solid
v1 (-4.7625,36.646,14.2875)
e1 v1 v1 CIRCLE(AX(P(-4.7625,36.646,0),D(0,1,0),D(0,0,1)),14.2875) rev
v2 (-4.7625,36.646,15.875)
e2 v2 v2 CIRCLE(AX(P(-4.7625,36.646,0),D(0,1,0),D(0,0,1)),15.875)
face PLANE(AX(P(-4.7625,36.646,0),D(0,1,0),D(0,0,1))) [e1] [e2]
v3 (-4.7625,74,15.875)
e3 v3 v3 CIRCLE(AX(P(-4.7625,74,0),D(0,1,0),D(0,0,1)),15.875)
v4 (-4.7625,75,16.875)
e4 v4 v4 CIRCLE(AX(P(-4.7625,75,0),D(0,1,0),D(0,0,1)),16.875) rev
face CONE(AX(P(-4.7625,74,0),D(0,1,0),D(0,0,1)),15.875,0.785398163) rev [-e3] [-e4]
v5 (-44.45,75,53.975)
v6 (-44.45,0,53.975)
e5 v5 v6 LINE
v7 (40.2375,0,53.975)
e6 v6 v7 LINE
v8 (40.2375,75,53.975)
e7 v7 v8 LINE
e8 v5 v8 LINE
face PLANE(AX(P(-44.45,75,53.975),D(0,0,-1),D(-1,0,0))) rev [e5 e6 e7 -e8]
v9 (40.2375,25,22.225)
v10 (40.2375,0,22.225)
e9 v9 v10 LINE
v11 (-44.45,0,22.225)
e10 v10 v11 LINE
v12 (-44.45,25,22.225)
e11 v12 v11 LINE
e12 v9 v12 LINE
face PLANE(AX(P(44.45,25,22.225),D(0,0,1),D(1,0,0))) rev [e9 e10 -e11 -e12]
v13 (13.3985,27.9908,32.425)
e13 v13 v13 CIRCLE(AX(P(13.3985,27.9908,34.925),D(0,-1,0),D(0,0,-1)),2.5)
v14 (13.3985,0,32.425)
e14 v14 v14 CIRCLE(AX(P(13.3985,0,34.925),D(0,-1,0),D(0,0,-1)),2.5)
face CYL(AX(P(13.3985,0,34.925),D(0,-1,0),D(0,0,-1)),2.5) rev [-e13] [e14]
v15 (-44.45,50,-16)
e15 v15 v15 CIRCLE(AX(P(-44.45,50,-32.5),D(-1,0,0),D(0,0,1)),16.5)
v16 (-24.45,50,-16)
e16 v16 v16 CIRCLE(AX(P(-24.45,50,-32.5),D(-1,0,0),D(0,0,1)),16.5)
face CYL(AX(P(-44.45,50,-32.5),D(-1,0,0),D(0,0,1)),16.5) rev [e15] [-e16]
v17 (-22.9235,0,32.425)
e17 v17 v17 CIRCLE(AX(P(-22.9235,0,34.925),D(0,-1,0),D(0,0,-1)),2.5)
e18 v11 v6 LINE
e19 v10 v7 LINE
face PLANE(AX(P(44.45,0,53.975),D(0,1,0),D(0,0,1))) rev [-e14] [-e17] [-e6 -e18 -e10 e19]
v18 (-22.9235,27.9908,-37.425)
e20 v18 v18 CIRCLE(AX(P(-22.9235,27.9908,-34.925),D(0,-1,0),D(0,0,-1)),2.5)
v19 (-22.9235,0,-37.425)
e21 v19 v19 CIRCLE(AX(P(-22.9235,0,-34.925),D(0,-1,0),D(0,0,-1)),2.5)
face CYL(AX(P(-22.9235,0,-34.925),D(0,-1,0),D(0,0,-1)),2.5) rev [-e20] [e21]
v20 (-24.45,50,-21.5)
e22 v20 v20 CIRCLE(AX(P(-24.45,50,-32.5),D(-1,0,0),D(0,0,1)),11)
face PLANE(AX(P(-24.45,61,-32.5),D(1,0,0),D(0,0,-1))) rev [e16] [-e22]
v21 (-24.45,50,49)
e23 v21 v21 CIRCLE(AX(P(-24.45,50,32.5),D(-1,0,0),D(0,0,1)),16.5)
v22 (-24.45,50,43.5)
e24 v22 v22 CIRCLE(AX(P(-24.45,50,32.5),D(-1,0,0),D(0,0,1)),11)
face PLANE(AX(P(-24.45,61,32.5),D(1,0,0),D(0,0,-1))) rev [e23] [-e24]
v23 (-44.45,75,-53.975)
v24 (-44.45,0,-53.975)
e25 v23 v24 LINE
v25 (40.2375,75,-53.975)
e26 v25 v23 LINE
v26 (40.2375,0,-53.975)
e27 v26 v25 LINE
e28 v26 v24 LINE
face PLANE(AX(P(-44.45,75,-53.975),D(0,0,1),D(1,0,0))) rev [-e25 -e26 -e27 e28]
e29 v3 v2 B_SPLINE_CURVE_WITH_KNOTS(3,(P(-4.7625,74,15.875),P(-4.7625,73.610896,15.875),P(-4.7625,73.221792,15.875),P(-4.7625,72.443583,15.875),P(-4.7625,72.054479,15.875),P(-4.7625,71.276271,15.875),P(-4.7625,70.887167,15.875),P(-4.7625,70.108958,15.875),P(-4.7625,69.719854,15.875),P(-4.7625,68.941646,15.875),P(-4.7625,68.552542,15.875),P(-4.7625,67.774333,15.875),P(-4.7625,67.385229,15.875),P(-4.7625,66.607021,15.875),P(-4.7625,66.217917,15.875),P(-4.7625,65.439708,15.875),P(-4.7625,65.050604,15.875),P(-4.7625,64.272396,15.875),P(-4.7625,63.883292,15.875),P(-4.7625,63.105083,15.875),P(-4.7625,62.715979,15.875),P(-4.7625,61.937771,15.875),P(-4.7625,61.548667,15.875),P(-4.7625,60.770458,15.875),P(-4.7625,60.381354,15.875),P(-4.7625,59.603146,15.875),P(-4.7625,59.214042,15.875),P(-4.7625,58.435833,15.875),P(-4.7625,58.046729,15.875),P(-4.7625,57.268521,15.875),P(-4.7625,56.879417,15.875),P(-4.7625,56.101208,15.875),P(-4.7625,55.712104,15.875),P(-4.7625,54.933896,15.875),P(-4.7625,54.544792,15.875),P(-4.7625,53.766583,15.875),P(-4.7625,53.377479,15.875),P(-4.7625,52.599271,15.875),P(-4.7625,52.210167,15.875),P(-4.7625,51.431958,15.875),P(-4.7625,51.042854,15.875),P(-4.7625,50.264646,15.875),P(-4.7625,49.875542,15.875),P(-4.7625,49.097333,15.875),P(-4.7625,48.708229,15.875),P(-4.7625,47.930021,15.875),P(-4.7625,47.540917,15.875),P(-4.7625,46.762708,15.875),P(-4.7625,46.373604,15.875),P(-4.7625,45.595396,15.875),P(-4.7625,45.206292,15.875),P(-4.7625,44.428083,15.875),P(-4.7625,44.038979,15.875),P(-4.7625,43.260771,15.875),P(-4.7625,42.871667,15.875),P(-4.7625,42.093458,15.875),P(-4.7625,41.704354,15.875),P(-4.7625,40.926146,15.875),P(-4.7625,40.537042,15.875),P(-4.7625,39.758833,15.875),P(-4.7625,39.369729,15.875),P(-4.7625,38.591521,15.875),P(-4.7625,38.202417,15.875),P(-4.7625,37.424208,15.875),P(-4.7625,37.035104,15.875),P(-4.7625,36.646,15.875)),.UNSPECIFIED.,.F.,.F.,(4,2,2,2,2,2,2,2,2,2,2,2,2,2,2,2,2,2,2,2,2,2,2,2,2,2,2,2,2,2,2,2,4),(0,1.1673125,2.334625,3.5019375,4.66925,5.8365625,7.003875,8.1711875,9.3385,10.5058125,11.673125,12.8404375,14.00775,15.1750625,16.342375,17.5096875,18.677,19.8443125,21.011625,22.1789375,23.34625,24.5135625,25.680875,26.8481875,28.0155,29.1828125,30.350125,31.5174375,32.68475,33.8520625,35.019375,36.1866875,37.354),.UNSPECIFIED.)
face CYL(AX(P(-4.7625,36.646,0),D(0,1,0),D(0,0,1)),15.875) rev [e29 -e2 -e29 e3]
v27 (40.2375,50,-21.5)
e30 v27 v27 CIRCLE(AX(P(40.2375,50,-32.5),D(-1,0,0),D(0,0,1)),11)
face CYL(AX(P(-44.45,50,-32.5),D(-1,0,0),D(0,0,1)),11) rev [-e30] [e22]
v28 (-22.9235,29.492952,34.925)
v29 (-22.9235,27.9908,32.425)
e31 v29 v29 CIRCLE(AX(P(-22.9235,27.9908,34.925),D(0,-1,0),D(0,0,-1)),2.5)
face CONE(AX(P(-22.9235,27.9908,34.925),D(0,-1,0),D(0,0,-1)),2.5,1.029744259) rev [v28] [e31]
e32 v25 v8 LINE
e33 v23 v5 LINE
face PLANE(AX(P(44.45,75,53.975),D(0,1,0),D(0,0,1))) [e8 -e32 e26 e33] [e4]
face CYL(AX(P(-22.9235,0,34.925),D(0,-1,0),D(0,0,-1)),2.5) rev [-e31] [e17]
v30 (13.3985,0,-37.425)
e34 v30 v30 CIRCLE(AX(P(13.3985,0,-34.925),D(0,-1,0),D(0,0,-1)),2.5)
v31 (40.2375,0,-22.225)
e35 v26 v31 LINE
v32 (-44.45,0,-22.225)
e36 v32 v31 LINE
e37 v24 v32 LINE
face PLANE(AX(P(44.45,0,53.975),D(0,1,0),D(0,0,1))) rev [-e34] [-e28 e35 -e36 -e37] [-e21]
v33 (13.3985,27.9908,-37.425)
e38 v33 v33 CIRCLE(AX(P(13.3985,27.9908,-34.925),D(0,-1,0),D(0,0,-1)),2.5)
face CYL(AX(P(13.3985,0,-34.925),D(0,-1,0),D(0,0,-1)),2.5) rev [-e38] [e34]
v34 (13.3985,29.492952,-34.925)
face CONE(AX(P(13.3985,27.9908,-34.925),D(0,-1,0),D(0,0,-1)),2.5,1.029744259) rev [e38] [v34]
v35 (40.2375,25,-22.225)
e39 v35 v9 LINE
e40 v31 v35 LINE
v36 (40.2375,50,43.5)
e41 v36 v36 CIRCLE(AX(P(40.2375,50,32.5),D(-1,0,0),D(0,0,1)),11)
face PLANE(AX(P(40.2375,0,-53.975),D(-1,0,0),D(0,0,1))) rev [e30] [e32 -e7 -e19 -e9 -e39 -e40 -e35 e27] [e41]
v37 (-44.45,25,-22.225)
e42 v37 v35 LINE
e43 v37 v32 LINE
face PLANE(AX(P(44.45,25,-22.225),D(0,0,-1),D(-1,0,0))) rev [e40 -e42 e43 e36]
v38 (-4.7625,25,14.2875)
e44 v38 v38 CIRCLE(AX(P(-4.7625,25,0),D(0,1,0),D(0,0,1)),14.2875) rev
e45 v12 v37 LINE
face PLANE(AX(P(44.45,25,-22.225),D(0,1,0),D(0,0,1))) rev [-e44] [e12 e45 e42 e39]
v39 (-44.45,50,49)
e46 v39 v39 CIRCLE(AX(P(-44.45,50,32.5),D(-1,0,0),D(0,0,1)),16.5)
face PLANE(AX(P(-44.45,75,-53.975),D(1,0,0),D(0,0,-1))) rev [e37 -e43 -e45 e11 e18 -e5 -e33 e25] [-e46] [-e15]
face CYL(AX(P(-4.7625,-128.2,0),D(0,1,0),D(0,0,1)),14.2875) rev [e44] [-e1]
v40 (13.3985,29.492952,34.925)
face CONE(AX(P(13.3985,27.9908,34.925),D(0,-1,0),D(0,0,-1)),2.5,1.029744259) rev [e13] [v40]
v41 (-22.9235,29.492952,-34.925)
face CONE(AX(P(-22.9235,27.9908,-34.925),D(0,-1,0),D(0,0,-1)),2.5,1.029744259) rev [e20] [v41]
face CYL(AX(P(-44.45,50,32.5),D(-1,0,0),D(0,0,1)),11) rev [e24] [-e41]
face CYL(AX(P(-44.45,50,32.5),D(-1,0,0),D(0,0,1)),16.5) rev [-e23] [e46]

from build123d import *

# Parameters (mm, degrees)
SKETCH1_W                       = 88.9
SKETCH1_H                       = 107.95
EXTRUDE1_DEPTH                  = 75
SKETCH2_R                       = 14.2875
EXTRUDE2_DEPTH                  = 203.2
M6_TAPPED_HOLE1_D               = 5
M6_TAPPED_HOLE1_DEPTH           = 27.9908
M6_TAPPED_HOLE1_TIP             = 1.502151548
SKETCH6_R                       = 15.875
EXTRUDE4_DEPTH                  = 38.354
SKETCH7_W                       = 88.9
SKETCH7_H                       = 44.45
EXTRUDE5_DEPTH                  = 25
SKETCH8_W                       = 4.2125
SKETCH8_H                       = 107.95
EXTRUDE6_DEPTH                  = 103.538300771
CBORE_FOR_M20_SHCS1_D           = 22
CBORE_FOR_M20_SHCS1_CBORE_D     = 33
CBORE_FOR_M20_SHCS1_CBORE_DEPTH = 20
CHAMFER1_SIZE                   = 1


with BuildPart() as part:
    # Sketch1 → Extrude1 (new body)
    with BuildSketch(Plane(origin=(0, 0, 0), x_dir=(1, 0, 0), z_dir=(0, 1, 0))):
        Rectangle(SKETCH1_W, SKETCH1_H)
    extrude(amount=EXTRUDE1_DEPTH)

    # Sketch2 → Extrude2 (cut)
    with BuildSketch(Plane(origin=(0, 75, 0), x_dir=(1, 0, 0), z_dir=(0, 1, 0))):
        with Locations(Location((-4.7625, 0, 0), (0, 0, 270))):
            Circle(SKETCH2_R)
    extrude(amount=-EXTRUDE2_DEPTH, mode=Mode.SUBTRACT)

    # M6 Tapped Hole1
    with Locations(Plane.XZ):
        with Locations((-22.9235, 34.925), (13.3985, 34.925), (-22.9235, -34.925), (13.3985, -34.925)):
            Hole(M6_TAPPED_HOLE1_D / 2, depth=M6_TAPPED_HOLE1_DEPTH)
            with Locations((0, 0, -(M6_TAPPED_HOLE1_DEPTH + M6_TAPPED_HOLE1_TIP / 2))):  # 118° drill point
                Cone(0, M6_TAPPED_HOLE1_D / 2, M6_TAPPED_HOLE1_TIP, mode=Mode.SUBTRACT)

    # Sketch6 → Extrude4 (cut)
    with BuildSketch(Plane(origin=(0, 75, 0), x_dir=(1, 0, 0), z_dir=(0, 1, 0))):
        with Locations(Location((-4.7625, 0, 0), (0, 0, 270))):
            Circle(SKETCH6_R)
    extrude(amount=-EXTRUDE4_DEPTH, mode=Mode.SUBTRACT)

    # Sketch7 → Extrude5 (cut)
    with BuildSketch(Plane.XZ):
        Rectangle(SKETCH7_W, SKETCH7_H)
    extrude(amount=-EXTRUDE5_DEPTH, mode=Mode.SUBTRACT)

    # Sketch8 → Extrude6 (cut, through all)
    with BuildSketch(Plane(origin=(0, 75, 0), x_dir=(1, 0, 0), z_dir=(0, 1, 0))):
        with Locations((42.34375, 0)):
            Rectangle(SKETCH8_W, SKETCH8_H)
    extrude(amount=-EXTRUDE6_DEPTH, mode=Mode.SUBTRACT)

    # CBORE for M20 SHCS1 (through all)
    with Locations(Plane.ZY.offset(44.45)):
        with Locations((32.5, 50), (-32.5, 50)):
            CounterBoreHole(CBORE_FOR_M20_SHCS1_D / 2, CBORE_FOR_M20_SHCS1_CBORE_D / 2, CBORE_FOR_M20_SHCS1_CBORE_DEPTH)

    # Chamfer1
    chamfer1_edges = [part.edges().sort_by_distance(p)[0] for p in [
        (-4.7625, 75, -15.875),
    ]]
    chamfer(chamfer1_edges, length=CHAMFER1_SIZE)


solid = part.part
